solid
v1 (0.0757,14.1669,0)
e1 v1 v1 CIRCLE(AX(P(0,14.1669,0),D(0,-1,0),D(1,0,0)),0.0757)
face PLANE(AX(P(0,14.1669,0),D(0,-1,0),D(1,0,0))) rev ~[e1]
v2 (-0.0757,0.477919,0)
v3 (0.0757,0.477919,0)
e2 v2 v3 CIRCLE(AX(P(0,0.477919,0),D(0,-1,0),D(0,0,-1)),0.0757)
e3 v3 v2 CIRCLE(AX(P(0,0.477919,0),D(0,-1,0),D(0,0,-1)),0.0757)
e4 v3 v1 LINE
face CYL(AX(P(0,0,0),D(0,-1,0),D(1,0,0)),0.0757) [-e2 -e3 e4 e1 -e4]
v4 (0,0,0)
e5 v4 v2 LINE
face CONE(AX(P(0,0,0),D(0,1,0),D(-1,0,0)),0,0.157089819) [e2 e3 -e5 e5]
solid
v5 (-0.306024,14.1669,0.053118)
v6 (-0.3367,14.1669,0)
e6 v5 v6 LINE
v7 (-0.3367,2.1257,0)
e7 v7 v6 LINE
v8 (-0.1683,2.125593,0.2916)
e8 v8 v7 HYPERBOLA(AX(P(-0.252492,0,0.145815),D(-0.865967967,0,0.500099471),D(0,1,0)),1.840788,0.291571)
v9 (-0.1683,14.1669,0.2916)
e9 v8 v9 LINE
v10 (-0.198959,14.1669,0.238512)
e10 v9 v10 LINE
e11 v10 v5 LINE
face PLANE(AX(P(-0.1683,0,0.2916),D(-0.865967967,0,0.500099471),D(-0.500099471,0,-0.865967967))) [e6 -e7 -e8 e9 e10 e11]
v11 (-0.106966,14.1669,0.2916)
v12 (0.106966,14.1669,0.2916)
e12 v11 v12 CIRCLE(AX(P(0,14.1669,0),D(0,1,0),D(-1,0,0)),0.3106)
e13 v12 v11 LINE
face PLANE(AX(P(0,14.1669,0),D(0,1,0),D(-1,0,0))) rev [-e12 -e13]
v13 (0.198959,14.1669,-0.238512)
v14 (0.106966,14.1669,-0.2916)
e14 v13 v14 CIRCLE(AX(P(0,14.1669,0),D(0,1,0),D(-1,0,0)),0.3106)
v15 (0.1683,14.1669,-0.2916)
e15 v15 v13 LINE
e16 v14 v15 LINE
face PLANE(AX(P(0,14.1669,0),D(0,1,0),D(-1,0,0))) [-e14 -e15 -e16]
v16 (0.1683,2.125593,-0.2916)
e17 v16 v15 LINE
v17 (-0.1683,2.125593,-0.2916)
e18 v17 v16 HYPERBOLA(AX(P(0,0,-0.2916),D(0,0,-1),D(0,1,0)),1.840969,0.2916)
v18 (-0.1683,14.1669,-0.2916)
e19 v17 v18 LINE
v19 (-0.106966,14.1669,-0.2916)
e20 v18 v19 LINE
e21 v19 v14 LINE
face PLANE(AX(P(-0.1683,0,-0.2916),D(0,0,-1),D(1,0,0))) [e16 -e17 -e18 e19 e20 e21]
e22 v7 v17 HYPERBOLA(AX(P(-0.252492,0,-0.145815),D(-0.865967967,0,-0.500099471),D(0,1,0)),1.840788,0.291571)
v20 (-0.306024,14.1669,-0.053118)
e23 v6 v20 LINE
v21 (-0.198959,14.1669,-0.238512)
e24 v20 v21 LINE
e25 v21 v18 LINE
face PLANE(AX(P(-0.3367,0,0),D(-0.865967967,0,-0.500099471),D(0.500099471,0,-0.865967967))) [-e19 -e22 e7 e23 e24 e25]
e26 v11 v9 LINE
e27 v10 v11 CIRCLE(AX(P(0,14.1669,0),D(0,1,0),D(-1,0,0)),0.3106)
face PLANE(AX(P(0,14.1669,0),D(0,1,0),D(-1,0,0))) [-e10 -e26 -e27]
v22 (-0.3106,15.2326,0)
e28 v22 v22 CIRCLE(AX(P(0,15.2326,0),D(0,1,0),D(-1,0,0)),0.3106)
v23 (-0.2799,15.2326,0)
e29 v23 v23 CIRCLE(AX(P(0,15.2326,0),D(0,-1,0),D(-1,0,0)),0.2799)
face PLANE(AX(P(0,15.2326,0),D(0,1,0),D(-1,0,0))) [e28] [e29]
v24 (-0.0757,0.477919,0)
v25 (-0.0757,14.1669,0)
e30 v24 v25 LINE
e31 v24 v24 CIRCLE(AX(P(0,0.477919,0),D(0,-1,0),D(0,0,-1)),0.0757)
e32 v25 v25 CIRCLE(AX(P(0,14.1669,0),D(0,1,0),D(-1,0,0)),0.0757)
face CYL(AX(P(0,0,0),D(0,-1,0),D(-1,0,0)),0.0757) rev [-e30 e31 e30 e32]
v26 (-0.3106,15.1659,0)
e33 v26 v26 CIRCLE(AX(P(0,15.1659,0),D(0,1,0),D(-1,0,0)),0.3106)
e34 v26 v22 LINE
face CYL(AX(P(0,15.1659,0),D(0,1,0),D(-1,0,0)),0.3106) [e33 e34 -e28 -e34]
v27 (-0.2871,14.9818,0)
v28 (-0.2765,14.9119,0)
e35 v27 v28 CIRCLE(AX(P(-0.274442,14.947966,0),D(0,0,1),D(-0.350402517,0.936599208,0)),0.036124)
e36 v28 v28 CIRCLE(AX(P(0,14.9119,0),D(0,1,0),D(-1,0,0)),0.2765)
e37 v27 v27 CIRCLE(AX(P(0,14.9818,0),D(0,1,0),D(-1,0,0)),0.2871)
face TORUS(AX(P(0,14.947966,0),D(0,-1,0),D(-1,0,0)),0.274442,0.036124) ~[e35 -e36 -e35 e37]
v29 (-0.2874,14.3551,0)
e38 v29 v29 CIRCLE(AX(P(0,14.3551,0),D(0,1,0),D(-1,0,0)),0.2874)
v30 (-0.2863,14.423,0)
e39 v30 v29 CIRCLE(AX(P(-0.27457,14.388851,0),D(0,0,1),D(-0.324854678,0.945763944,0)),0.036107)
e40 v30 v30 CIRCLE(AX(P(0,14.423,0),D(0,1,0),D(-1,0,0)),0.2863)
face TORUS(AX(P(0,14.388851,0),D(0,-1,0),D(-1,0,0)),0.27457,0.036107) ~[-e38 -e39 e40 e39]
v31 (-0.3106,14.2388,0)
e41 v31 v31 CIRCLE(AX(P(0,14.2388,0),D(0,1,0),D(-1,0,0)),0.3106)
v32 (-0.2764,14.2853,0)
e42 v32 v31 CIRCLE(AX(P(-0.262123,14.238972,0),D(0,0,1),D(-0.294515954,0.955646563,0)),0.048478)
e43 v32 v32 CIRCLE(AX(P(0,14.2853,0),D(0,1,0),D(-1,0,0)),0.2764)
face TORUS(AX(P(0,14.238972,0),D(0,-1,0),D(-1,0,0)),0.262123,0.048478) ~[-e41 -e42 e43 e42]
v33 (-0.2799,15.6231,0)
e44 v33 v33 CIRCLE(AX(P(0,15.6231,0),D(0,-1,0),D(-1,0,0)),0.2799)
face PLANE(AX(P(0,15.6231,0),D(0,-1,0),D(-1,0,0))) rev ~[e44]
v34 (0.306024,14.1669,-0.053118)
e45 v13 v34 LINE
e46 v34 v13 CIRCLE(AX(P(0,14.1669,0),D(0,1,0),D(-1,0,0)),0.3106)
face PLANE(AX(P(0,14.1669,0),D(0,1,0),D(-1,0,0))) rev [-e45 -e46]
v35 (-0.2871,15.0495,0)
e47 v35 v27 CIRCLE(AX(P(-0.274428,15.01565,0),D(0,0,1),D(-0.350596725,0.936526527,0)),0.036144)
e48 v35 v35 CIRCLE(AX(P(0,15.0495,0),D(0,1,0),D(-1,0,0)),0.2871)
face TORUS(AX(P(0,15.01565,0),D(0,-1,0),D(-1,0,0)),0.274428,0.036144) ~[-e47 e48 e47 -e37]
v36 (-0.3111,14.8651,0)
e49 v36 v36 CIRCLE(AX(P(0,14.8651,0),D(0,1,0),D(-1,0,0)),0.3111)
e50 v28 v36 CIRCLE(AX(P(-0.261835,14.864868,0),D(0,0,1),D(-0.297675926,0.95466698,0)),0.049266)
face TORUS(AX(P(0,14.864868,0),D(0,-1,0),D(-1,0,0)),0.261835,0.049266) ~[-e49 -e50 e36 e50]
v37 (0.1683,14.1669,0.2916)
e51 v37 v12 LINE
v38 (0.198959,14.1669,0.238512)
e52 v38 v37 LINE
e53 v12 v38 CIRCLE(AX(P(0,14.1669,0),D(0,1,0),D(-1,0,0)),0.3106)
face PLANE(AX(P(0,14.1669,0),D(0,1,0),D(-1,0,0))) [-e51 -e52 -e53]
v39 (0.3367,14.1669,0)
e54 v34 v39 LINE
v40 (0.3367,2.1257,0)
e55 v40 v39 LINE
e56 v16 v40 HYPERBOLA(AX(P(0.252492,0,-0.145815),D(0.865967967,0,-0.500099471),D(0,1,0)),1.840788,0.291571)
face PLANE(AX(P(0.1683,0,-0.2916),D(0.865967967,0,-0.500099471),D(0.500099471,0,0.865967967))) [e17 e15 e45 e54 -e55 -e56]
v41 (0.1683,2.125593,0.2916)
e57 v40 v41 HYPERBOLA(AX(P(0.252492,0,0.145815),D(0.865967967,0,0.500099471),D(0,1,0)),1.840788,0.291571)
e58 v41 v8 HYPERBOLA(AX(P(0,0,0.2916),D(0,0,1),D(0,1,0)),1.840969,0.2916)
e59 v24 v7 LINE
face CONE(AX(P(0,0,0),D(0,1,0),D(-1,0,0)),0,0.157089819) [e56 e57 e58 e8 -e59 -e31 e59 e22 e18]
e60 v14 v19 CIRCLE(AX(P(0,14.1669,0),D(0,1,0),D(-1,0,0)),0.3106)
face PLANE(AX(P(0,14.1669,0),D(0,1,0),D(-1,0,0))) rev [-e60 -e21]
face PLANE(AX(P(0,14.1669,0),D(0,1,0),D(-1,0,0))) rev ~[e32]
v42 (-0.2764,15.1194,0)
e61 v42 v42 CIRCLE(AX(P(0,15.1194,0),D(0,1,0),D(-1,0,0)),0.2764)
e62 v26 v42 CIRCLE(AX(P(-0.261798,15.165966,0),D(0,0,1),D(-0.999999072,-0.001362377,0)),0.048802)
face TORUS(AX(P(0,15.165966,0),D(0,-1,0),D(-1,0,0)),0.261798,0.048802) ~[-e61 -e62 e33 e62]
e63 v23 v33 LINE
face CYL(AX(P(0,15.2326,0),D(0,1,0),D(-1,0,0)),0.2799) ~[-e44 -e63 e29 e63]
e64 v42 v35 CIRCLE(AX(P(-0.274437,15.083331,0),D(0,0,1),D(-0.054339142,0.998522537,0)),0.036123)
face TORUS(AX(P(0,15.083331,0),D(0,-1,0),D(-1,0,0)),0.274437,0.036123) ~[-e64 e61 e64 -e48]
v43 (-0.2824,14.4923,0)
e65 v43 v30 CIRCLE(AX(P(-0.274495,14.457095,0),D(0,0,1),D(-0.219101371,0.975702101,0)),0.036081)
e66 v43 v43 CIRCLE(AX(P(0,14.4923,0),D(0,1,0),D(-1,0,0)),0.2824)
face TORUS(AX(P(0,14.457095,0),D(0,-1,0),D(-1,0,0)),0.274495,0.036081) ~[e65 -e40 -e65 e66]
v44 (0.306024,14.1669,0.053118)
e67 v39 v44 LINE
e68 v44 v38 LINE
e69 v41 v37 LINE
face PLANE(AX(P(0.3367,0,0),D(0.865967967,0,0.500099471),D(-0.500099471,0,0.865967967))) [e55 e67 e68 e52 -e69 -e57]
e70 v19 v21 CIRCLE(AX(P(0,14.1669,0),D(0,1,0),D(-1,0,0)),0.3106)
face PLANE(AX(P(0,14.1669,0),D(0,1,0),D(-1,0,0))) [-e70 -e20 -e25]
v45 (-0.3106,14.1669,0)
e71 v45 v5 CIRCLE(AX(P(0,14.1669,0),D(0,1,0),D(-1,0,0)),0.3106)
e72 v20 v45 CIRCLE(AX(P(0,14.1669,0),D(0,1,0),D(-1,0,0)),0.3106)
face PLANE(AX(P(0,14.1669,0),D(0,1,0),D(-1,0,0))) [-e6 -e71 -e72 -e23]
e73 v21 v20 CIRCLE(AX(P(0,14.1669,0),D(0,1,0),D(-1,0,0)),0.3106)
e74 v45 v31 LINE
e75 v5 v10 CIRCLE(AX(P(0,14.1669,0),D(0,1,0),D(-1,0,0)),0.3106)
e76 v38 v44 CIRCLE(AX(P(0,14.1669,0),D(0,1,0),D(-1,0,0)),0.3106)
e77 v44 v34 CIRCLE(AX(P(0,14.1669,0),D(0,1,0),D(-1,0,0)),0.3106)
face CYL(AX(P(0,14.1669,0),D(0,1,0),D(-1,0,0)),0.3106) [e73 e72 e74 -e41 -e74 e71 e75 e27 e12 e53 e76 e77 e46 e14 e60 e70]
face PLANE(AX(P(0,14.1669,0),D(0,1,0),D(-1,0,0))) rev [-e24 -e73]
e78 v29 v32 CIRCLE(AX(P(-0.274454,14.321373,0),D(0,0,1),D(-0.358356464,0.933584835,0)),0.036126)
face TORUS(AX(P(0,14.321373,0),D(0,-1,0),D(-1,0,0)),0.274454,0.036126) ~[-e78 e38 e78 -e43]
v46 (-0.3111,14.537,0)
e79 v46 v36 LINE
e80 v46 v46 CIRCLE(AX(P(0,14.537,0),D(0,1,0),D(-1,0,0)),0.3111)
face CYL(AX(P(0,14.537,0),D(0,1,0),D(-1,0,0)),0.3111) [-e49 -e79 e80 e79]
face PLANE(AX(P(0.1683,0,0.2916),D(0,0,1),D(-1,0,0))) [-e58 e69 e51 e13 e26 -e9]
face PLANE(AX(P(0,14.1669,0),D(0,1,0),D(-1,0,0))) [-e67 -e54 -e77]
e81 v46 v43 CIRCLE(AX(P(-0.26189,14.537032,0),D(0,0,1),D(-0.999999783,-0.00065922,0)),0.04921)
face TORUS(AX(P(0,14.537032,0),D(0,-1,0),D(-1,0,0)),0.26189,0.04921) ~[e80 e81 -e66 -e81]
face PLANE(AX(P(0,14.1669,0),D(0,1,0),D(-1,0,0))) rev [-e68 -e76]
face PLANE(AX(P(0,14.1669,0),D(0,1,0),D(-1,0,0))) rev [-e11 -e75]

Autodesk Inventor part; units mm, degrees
ref_plane "YZ Plane" through (0, 0, 0) normal (1, 0, 0) x (0, 1, 0)
ref_plane "XZ Plane" through (0, 0, 0) normal (0, 1, 0) x (-1, 0, 0)
ref_plane "XY Plane" through (0, 0, 0) normal (0, 0, 1) x (1, 0, 0)
sketch "Sketch1" plane through (0, 0, 0) normal (0, 1, 0) x (-1, 0, 0)
  line L0 (0.1683, 0.2916) -> (0.3367, 0)
  line L1 (0.3367, 0) -> (0.1683, -0.2916)
  line L2 (0.1683, -0.2916) -> (-0.1683, -0.2916)
  line L3 (-0.1683, -0.2916) -> (-0.3367, 0)
  line L4 (-0.3367, 0) -> (-0.1683, 0.2916)
  line L5 (-0.1683, 0.2916) -> (0.1683, 0.2916)
  circle A0 centre (0, 0) radius 0.0757
  dimension "d0" = 0.5831
  dimension "d35" = 0.1513
extrude "wooden part of pencil" add sketch "Sketch1" along normal blind 14.1669
sketch "Sketch5" plane through (0, 0, 0) normal (0, -1, 0) x (1, 0, 0)
  circle A0 centre (0, 0) radius 0.0757
  dimension "d34" = 0.1513
extrude "pencil graphite" add sketch "Sketch5" against normal up to surface (14.1669 mm away) separate body
sketch "Sketch3" plane through (0, 0, 0) normal (0, 0, 1) x (1, 0, 0)
  line L0 (-0.1683, 14.1669) -> (0.1683, 14.1669) projected
  line L1 (0, 14.1669) -> (0, 15.2326)
  line L2 (0, 14.1669) -> (-0.3106, 14.1669)
  line L3 (-0.3106, 14.1669) -> (-0.3106, 14.2388)
  line L4 (-0.3111, 14.537) -> (-0.3111, 14.8651)
  line L5 (-0.3106, 15.1659) -> (-0.3106, 15.2326)
  line L6 (-0.3106, 15.2326) -> (0, 15.2326)
  line L7 (-0.3106, 14.2875) -> (-0.262, 14.2875) construction
  line L8 (-0.3106, 14.3552) -> (-0.262, 14.3552) construction
  line L9 (-0.3106, 14.423) -> (-0.262, 14.423) construction
  line L10 (-0.3106, 14.4907) -> (-0.262, 14.4907) construction
  line L11 (-0.3106, 14.914) -> (-0.262, 14.914) construction
  line L12 (-0.3111, 14.9818) -> (-0.2624, 14.9818) construction
  line L13 (-0.3106, 15.0495) -> (-0.262, 15.0495) construction
  line L14 (-0.3106, 15.1172) -> (-0.262, 15.1172) construction
  arc A0 (-0.2874, 14.3551) -> (-0.2764, 14.2853) centre (-0.2745, 14.3214) ccw
  arc A1 (-0.2863, 14.423) -> (-0.2874, 14.3551) centre (-0.2745, 14.3888) ccw
  arc A2 (-0.2824, 14.4923) -> (-0.2863, 14.423) centre (-0.2745, 14.4571) ccw
  arc A3 (-0.2871, 14.9818) -> (-0.2765, 14.9119) centre (-0.2745, 14.948) ccw
  arc A4 (-0.2871, 15.0495) -> (-0.2871, 14.9818) centre (-0.2745, 15.0157) ccw
  arc A5 (-0.2764, 15.1194) -> (-0.2871, 15.0495) centre (-0.2745, 15.0834) ccw
  arc A6 (-0.2764, 14.2853) -> (-0.3106, 14.2388) centre (-0.262, 14.2388) ccw
  line L15 (-0.262, 14.2388) -> (-0.262, 15.1172) construction
  arc A7 (-0.3111, 14.537) -> (-0.2824, 14.4923) centre (-0.262, 14.537) ccw
  arc A8 (-0.2765, 14.9119) -> (-0.3111, 14.8651) centre (-0.262, 14.8651) ccw
  arc A9 (-0.3106, 15.1659) -> (-0.2764, 15.1194) centre (-0.262, 15.1659) ccw
  line L16 (-0.262, 15.1172) -> (-0.262, 15.1749) construction
  line L17 (-0.2745, 14.3888) -> (-0.2745, 14.423)
  line L18 (-0.2745, 14.4571) -> (-0.2745, 14.423)
  line L19 (-0.2745, 14.3888) -> (-0.2745, 14.3552)
  line L20 (-0.2745, 14.3214) -> (-0.2745, 14.3552)
  point P0 (0, 0)
  dimension "d3" = 0.3106
  dimension "d4" = 0.1206
  dimension "d10" = 0.0487
  dimension "d13" = 0.0677
  dimension "d14" = 0.4233
  dimension "d15" = 0.1154
  dimension "d16" = 0.0487
  dimension "d17" = 0.072
  dimension "d18" = 0.0361
  dimension "d20" = 0.0339
  dimension "d21" = 0.0126
  dimension "d22" = 0.0677
  dimension "d23" = 0.0677
  dimension "d24" = 0.0677
  dimension "d25" = 0.0677
  dimension "d26" = 0.0677
  dimension "d27" = 0.0491
  dimension "d28" = 0.0463
  dimension "d29" = 0.049
revolve "connection for pencil and eraser" add sketch "Sketch3" angle 360 about axis through (0, 14.1669, 0) along (0, 1, 0) bodies 1
sketch "Sketch4" plane through (0, 0, 0) normal (0, 0, 1) x (1, 0, 0)
  line L0 (0.3106, 15.2326) -> (-0.3106, 15.2326) projected
  line L1 (0, 15.2326) -> (-0.2799, 15.2326)
  line L2 (-0.2799, 15.2326) -> (-0.2799, 15.6231)
  line L3 (-0.2799, 15.6231) -> (0, 15.6231)
  line L4 (0, 15.6231) -> (0, 15.2326)
  point P0 (0, 0)
  dimension "d31" = 0.2799
  dimension "d32" = 0.3905
revolve "eraser" add sketch "Sketch4" angle 360 about axis through (0, 15.6231, 0) along (0, -1, 0) bodies 1
sketch "Sketch6" plane through (0, 0, 0) normal (0, 0, 1) x (1, 0, 0)
  line L0 (0, 0) -> (-0.3367, 2.1257)
  line L1 (-0.3367, 0) -> (-0.3367, 14.1669) projected
  line L2 (0, 0) -> (0.3367, 2.1257) construction
  line L3 (0.3367, 0) -> (0.3367, 14.1669) projected
  line L4 (-0.3367, 2.1257) -> (0.3367, 2.1257) construction
  line L5 (0.1683, 0) -> (0.1683, 14.1669) projected
  line L6 (0, 0) -> (0, 2.1257)
  line L7 (-0.3367, 2.1257) -> (-0.3367, 0)
  line L8 (0, 0) -> (-0.3367, 0)
  line L9 (-0.1683, 0) -> (0.1683, 0) projected
  dimension "d39" = 18
revolve "sharpen pencil" cut sketch "Sketch6" angle 360 about axis through (0, 0, 0) along (0, 1, 0) bodies 1 2
equation "\"d22\" = d13"
equation "\"d23\" = d13"
equation "\"d24\" = d13"
equation "\"d25\" = d13"
equation "\"d26\" = d13"
properties part number "pencil (sharpened)"
